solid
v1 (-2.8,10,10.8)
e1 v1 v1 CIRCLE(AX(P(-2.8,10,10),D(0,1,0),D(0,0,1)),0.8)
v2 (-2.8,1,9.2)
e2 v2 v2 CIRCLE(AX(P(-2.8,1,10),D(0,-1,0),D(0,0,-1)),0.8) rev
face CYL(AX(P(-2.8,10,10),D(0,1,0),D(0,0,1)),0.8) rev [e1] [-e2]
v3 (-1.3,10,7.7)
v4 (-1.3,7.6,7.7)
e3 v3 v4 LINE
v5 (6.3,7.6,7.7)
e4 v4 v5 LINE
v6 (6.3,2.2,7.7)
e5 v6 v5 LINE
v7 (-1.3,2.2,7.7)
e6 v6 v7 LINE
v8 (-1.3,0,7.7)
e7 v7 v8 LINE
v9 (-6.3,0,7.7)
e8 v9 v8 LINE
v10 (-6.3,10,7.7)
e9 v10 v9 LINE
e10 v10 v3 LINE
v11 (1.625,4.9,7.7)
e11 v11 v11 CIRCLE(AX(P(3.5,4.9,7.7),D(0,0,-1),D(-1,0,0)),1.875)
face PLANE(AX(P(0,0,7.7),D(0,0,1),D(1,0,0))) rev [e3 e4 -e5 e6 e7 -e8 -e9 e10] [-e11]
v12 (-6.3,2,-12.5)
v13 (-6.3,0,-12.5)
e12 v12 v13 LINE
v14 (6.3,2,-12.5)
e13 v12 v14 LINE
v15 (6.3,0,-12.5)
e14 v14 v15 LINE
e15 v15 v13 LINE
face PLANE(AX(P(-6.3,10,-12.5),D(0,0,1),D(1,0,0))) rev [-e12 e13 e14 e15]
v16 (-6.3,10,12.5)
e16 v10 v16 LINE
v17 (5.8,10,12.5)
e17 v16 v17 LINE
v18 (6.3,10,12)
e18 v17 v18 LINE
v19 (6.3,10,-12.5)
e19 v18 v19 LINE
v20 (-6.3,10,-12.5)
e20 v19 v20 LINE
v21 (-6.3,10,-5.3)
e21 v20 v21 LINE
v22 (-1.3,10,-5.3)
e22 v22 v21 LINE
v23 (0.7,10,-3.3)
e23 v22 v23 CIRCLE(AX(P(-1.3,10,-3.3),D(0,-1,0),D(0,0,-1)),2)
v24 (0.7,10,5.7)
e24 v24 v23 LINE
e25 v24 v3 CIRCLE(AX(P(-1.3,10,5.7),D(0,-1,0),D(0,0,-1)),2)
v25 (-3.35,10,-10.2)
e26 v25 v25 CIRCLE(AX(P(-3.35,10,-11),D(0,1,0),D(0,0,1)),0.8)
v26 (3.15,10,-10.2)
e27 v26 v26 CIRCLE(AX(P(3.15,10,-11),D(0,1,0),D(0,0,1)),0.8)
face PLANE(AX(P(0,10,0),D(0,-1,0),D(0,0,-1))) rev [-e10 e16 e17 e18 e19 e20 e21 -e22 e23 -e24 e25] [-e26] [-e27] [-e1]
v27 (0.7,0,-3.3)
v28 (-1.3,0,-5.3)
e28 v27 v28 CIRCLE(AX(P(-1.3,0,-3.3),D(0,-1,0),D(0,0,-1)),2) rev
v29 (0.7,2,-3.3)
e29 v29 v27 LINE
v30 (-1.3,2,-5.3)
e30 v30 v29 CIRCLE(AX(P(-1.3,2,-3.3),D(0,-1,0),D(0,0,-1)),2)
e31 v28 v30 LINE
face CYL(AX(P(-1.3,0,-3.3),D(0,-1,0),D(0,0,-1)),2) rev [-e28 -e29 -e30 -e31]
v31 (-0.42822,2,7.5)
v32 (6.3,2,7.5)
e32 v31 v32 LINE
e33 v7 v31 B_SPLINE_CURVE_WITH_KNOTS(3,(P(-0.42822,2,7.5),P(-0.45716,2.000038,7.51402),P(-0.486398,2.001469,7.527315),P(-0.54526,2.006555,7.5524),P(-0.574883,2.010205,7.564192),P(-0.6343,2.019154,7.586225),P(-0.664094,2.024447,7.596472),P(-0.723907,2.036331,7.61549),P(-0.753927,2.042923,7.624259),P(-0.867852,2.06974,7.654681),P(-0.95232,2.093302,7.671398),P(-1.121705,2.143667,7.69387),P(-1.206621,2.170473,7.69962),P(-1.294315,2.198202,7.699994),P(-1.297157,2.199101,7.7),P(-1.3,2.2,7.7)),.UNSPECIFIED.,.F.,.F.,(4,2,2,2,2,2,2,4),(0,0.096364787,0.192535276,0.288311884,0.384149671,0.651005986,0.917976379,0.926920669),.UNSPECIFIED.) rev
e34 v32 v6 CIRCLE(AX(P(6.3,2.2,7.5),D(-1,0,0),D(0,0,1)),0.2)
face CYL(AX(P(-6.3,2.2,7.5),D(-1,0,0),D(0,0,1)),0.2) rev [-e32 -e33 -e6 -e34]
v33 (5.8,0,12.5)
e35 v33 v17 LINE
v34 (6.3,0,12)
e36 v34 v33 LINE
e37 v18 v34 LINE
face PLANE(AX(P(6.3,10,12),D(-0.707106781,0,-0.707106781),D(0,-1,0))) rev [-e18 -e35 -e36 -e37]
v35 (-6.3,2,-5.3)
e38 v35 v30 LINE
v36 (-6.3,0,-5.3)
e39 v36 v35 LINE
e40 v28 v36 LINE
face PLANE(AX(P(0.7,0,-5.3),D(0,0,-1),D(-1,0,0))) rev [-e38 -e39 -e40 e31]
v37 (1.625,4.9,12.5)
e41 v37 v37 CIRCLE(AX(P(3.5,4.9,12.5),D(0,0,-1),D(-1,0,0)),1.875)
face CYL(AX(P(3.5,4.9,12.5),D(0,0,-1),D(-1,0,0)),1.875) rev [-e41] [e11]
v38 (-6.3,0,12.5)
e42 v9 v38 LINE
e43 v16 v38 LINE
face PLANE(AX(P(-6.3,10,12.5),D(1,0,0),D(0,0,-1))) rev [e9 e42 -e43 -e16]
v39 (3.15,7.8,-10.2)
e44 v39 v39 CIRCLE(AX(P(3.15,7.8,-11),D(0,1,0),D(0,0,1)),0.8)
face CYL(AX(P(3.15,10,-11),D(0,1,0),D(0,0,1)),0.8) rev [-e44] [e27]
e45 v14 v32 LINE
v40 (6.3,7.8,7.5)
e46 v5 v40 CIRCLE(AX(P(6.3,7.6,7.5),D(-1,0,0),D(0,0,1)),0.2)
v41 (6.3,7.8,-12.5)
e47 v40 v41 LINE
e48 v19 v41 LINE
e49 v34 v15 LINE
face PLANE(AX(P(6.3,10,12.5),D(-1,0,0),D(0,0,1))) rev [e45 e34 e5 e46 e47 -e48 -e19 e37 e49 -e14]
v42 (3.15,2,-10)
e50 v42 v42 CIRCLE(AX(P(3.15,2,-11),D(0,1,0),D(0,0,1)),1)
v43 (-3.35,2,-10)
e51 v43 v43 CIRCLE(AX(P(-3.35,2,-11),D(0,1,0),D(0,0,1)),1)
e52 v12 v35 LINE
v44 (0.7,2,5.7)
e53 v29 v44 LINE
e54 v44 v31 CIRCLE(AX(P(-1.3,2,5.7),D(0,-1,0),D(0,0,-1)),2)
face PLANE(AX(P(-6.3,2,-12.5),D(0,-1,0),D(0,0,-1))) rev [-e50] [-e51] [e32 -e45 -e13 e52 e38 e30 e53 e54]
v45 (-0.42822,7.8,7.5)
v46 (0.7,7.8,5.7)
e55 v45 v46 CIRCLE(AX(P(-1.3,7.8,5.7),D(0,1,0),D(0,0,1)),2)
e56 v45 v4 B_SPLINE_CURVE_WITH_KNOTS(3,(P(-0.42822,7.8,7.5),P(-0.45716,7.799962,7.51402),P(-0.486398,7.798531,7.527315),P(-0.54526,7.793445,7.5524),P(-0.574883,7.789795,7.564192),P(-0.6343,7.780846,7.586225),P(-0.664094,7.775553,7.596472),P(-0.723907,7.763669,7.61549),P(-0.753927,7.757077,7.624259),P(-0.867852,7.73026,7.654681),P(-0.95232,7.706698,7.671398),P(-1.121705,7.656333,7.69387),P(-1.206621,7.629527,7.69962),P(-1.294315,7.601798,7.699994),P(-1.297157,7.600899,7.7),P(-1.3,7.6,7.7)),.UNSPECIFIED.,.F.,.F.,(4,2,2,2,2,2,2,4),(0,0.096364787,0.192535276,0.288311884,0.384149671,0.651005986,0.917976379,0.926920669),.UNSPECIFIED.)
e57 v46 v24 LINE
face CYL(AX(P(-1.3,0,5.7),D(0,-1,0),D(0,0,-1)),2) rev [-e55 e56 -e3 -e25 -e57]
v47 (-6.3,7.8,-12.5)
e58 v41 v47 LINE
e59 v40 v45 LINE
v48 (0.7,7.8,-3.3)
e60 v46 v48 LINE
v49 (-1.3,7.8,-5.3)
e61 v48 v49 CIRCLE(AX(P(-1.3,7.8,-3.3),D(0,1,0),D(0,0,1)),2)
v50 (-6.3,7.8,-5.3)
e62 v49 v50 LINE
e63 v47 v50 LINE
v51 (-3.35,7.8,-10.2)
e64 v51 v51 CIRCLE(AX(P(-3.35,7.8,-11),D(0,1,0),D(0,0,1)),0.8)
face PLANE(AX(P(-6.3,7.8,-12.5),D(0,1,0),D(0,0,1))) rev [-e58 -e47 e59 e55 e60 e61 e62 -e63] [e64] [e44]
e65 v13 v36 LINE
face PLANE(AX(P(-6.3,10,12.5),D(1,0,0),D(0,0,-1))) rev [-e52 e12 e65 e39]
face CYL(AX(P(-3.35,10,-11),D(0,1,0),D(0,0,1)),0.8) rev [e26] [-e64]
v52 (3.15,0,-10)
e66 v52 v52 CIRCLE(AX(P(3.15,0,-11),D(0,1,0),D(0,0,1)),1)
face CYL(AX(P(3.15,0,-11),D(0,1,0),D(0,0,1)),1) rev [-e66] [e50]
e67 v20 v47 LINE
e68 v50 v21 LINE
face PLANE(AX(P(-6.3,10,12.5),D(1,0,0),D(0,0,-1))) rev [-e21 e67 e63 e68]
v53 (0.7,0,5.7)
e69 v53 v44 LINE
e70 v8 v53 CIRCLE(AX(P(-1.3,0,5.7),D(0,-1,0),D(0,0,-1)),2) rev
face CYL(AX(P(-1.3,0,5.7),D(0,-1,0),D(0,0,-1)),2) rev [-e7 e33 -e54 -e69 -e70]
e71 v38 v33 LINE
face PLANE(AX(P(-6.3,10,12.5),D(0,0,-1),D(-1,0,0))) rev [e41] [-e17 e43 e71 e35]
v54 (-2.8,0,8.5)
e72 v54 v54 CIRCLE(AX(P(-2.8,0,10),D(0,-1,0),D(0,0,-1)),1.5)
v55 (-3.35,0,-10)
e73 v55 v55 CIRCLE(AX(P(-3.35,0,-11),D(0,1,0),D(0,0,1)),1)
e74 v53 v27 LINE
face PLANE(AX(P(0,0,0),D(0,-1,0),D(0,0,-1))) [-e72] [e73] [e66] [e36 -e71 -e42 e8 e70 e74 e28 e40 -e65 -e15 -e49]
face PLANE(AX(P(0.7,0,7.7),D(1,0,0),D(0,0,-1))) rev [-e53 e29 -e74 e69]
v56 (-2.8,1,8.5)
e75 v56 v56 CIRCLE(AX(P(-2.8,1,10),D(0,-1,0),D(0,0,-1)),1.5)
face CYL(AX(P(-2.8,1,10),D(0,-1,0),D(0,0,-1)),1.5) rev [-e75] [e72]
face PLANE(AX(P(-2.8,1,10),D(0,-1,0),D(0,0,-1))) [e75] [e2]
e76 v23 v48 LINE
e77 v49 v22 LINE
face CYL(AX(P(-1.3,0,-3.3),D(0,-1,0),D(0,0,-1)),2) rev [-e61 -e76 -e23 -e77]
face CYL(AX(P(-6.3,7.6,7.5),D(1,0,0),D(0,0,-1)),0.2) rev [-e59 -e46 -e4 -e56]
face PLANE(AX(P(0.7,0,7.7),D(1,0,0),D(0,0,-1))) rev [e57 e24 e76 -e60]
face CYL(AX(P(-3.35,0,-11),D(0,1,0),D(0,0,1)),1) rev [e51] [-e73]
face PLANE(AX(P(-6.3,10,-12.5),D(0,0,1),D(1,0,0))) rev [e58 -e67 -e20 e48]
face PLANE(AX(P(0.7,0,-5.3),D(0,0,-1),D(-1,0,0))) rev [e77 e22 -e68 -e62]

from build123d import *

# Parameters (mm, degrees)
SKETCH1_W                   = 12.6
SKETCH1_H                   = 25
BOSS_EXTRUDE1_DEPTH         = 10
CUT_EXTRUDE1_START          = -4.8
SKETCH2_W                   = 7
SKETCH2_H                   = 5.8
CUT_EXTRUDE1_DEPTH          = 23.853028767
SKETCH3_W                   = 20.2
SKETCH3_H                   = 5.8
CUT_EXTRUDE2_DEPTH          = 18.47140521
SKETCH6_R                   = 1
CUT_EXTRUDE5_DEPTH          = 17.122654868
TAP_DRILL_FOR_M2X0_4_TAP1_D = 1.6
CUT_EXTRUDE6_DEPTH          = 17.122654868
CUT_EXTRUDE6_DEPTH_BACK     = 17.122654868
SKETCH9_W                   = 7
SKETCH9_H                   = 13
FILLET1_R                   = 2
SKETCH4_R                   = 1.875
CUT_EXTRUDE7_DEPTH          = 24.403632197
TAP_DRILL_FOR_M2X0_4_TAP4_D = 1.6
FILLET3_R                   = 0.2
CHAMFER2_SIZE               = 0.5
SKETCH25_R                  = 1.5
CUT_EXTRUDE19_DEPTH         = 1


with BuildPart() as part:
    # Sketch1 → Boss-Extrude1 (new body)
    with BuildSketch(Plane(origin=(0, 0, 0), x_dir=(1, 0, 0), z_dir=(0, 1, 0))):
        Rectangle(SKETCH1_W, SKETCH1_H)
    extrude(amount=BOSS_EXTRUDE1_DEPTH)

    # Sketch2 → Cut-Extrude1 (cut, through all)
    with BuildSketch(Plane.XY.offset(12.5).offset(CUT_EXTRUDE1_START)):
        with Locations((-2.8, 4.9)):
            Rectangle(SKETCH2_W, SKETCH2_H)
    extrude(amount=-CUT_EXTRUDE1_DEPTH, mode=Mode.SUBTRACT)

    # Sketch3 → Cut-Extrude2 (cut, through all)
    with BuildSketch(Plane.ZY.offset(-0.7)):
        with Locations((-2.4, 4.9)):
            Rectangle(SKETCH3_W, SKETCH3_H)
    extrude(amount=-CUT_EXTRUDE2_DEPTH, mode=Mode.SUBTRACT)

    # Sketch6 → Cut-Extrude5 (cut, through all)
    with BuildSketch(Plane(origin=(0, 2, 0), x_dir=(1, 0, 0), z_dir=(0, 1, 0))):
        with Locations((3.15, 11)):
            Circle(SKETCH6_R)
        with Locations((-3.35, 11)):
            Circle(SKETCH6_R)
    extrude(amount=-CUT_EXTRUDE5_DEPTH, mode=Mode.SUBTRACT)

    # Tap Drill for M2x0.4 Tap1 (through all)
    with Locations(Plane(origin=(3.15, 10, -11), x_dir=(0, 0, 1), z_dir=(0, 1, 0))):
        with Locations((0, 0), (0, -6.5)):
            Hole(TAP_DRILL_FOR_M2X0_4_TAP1_D / 2)

    # Sketch9 → Cut-Extrude6 (cut, two sides: drawn at the far end of the back side and taken through both)
    with BuildSketch(Plane(origin=(0, 2, 0), x_dir=(1, 0, 0), z_dir=(0, 1, 0)).offset(-CUT_EXTRUDE6_DEPTH_BACK)):
        with Locations((-2.8, -1.2)):
            Rectangle(SKETCH9_W, SKETCH9_H)
    extrude(amount=CUT_EXTRUDE6_DEPTH + CUT_EXTRUDE6_DEPTH_BACK, mode=Mode.SUBTRACT)

    # Fillet1
    fillet1_edges = [part.edges().sort_by_distance(p)[0] for p in [
        (0.7, 1, -5.3),
        (0.7, 1, 7.7),
        (0.7, 8.9, -5.3),
        (0.7, 8.9, 7.7),
    ]]
    fillet(fillet1_edges, radius=FILLET1_R)

    # Sketch4 → Cut-Extrude7 (cut, through all)
    with BuildSketch(Plane(origin=(0, 0, 7.7), x_dir=(-1, 0, 0), z_dir=(0, 0, -1))):
        with Locations((-3.5, 4.9)):
            Circle(SKETCH4_R)
    extrude(amount=-CUT_EXTRUDE7_DEPTH, mode=Mode.SUBTRACT)

    # Tap Drill for M2x0.4 Tap4 (through all)
    with Locations(Plane(origin=(-2.8, 10, 10), x_dir=(0, 0, 1), z_dir=(0, 1, 0))):
        with Locations((0, 0)):
            Hole(TAP_DRILL_FOR_M2X0_4_TAP4_D / 2)

    # Fillet3
    fillet3_edges = [part.edges().sort_by_distance(p)[0] for p in [
        (2.5, 2, 7.7),
        (2.5, 7.8, 7.7),
    ]]
    fillet(fillet3_edges, radius=FILLET3_R)

    # Chamfer2
    chamfer2_edges = [part.edges().sort_by_distance(p)[0] for p in [
        (6.3, 5, 12.5),
    ]]
    chamfer(chamfer2_edges, length=CHAMFER2_SIZE)

    # Sketch25 → Cut-Extrude19 (cut)
    with BuildSketch(Plane.XZ):
        with Locations((-2.8, 10)):
            Circle(SKETCH25_R)
    extrude(amount=-CUT_EXTRUDE19_DEPTH, mode=Mode.SUBTRACT)


solid = part.part
